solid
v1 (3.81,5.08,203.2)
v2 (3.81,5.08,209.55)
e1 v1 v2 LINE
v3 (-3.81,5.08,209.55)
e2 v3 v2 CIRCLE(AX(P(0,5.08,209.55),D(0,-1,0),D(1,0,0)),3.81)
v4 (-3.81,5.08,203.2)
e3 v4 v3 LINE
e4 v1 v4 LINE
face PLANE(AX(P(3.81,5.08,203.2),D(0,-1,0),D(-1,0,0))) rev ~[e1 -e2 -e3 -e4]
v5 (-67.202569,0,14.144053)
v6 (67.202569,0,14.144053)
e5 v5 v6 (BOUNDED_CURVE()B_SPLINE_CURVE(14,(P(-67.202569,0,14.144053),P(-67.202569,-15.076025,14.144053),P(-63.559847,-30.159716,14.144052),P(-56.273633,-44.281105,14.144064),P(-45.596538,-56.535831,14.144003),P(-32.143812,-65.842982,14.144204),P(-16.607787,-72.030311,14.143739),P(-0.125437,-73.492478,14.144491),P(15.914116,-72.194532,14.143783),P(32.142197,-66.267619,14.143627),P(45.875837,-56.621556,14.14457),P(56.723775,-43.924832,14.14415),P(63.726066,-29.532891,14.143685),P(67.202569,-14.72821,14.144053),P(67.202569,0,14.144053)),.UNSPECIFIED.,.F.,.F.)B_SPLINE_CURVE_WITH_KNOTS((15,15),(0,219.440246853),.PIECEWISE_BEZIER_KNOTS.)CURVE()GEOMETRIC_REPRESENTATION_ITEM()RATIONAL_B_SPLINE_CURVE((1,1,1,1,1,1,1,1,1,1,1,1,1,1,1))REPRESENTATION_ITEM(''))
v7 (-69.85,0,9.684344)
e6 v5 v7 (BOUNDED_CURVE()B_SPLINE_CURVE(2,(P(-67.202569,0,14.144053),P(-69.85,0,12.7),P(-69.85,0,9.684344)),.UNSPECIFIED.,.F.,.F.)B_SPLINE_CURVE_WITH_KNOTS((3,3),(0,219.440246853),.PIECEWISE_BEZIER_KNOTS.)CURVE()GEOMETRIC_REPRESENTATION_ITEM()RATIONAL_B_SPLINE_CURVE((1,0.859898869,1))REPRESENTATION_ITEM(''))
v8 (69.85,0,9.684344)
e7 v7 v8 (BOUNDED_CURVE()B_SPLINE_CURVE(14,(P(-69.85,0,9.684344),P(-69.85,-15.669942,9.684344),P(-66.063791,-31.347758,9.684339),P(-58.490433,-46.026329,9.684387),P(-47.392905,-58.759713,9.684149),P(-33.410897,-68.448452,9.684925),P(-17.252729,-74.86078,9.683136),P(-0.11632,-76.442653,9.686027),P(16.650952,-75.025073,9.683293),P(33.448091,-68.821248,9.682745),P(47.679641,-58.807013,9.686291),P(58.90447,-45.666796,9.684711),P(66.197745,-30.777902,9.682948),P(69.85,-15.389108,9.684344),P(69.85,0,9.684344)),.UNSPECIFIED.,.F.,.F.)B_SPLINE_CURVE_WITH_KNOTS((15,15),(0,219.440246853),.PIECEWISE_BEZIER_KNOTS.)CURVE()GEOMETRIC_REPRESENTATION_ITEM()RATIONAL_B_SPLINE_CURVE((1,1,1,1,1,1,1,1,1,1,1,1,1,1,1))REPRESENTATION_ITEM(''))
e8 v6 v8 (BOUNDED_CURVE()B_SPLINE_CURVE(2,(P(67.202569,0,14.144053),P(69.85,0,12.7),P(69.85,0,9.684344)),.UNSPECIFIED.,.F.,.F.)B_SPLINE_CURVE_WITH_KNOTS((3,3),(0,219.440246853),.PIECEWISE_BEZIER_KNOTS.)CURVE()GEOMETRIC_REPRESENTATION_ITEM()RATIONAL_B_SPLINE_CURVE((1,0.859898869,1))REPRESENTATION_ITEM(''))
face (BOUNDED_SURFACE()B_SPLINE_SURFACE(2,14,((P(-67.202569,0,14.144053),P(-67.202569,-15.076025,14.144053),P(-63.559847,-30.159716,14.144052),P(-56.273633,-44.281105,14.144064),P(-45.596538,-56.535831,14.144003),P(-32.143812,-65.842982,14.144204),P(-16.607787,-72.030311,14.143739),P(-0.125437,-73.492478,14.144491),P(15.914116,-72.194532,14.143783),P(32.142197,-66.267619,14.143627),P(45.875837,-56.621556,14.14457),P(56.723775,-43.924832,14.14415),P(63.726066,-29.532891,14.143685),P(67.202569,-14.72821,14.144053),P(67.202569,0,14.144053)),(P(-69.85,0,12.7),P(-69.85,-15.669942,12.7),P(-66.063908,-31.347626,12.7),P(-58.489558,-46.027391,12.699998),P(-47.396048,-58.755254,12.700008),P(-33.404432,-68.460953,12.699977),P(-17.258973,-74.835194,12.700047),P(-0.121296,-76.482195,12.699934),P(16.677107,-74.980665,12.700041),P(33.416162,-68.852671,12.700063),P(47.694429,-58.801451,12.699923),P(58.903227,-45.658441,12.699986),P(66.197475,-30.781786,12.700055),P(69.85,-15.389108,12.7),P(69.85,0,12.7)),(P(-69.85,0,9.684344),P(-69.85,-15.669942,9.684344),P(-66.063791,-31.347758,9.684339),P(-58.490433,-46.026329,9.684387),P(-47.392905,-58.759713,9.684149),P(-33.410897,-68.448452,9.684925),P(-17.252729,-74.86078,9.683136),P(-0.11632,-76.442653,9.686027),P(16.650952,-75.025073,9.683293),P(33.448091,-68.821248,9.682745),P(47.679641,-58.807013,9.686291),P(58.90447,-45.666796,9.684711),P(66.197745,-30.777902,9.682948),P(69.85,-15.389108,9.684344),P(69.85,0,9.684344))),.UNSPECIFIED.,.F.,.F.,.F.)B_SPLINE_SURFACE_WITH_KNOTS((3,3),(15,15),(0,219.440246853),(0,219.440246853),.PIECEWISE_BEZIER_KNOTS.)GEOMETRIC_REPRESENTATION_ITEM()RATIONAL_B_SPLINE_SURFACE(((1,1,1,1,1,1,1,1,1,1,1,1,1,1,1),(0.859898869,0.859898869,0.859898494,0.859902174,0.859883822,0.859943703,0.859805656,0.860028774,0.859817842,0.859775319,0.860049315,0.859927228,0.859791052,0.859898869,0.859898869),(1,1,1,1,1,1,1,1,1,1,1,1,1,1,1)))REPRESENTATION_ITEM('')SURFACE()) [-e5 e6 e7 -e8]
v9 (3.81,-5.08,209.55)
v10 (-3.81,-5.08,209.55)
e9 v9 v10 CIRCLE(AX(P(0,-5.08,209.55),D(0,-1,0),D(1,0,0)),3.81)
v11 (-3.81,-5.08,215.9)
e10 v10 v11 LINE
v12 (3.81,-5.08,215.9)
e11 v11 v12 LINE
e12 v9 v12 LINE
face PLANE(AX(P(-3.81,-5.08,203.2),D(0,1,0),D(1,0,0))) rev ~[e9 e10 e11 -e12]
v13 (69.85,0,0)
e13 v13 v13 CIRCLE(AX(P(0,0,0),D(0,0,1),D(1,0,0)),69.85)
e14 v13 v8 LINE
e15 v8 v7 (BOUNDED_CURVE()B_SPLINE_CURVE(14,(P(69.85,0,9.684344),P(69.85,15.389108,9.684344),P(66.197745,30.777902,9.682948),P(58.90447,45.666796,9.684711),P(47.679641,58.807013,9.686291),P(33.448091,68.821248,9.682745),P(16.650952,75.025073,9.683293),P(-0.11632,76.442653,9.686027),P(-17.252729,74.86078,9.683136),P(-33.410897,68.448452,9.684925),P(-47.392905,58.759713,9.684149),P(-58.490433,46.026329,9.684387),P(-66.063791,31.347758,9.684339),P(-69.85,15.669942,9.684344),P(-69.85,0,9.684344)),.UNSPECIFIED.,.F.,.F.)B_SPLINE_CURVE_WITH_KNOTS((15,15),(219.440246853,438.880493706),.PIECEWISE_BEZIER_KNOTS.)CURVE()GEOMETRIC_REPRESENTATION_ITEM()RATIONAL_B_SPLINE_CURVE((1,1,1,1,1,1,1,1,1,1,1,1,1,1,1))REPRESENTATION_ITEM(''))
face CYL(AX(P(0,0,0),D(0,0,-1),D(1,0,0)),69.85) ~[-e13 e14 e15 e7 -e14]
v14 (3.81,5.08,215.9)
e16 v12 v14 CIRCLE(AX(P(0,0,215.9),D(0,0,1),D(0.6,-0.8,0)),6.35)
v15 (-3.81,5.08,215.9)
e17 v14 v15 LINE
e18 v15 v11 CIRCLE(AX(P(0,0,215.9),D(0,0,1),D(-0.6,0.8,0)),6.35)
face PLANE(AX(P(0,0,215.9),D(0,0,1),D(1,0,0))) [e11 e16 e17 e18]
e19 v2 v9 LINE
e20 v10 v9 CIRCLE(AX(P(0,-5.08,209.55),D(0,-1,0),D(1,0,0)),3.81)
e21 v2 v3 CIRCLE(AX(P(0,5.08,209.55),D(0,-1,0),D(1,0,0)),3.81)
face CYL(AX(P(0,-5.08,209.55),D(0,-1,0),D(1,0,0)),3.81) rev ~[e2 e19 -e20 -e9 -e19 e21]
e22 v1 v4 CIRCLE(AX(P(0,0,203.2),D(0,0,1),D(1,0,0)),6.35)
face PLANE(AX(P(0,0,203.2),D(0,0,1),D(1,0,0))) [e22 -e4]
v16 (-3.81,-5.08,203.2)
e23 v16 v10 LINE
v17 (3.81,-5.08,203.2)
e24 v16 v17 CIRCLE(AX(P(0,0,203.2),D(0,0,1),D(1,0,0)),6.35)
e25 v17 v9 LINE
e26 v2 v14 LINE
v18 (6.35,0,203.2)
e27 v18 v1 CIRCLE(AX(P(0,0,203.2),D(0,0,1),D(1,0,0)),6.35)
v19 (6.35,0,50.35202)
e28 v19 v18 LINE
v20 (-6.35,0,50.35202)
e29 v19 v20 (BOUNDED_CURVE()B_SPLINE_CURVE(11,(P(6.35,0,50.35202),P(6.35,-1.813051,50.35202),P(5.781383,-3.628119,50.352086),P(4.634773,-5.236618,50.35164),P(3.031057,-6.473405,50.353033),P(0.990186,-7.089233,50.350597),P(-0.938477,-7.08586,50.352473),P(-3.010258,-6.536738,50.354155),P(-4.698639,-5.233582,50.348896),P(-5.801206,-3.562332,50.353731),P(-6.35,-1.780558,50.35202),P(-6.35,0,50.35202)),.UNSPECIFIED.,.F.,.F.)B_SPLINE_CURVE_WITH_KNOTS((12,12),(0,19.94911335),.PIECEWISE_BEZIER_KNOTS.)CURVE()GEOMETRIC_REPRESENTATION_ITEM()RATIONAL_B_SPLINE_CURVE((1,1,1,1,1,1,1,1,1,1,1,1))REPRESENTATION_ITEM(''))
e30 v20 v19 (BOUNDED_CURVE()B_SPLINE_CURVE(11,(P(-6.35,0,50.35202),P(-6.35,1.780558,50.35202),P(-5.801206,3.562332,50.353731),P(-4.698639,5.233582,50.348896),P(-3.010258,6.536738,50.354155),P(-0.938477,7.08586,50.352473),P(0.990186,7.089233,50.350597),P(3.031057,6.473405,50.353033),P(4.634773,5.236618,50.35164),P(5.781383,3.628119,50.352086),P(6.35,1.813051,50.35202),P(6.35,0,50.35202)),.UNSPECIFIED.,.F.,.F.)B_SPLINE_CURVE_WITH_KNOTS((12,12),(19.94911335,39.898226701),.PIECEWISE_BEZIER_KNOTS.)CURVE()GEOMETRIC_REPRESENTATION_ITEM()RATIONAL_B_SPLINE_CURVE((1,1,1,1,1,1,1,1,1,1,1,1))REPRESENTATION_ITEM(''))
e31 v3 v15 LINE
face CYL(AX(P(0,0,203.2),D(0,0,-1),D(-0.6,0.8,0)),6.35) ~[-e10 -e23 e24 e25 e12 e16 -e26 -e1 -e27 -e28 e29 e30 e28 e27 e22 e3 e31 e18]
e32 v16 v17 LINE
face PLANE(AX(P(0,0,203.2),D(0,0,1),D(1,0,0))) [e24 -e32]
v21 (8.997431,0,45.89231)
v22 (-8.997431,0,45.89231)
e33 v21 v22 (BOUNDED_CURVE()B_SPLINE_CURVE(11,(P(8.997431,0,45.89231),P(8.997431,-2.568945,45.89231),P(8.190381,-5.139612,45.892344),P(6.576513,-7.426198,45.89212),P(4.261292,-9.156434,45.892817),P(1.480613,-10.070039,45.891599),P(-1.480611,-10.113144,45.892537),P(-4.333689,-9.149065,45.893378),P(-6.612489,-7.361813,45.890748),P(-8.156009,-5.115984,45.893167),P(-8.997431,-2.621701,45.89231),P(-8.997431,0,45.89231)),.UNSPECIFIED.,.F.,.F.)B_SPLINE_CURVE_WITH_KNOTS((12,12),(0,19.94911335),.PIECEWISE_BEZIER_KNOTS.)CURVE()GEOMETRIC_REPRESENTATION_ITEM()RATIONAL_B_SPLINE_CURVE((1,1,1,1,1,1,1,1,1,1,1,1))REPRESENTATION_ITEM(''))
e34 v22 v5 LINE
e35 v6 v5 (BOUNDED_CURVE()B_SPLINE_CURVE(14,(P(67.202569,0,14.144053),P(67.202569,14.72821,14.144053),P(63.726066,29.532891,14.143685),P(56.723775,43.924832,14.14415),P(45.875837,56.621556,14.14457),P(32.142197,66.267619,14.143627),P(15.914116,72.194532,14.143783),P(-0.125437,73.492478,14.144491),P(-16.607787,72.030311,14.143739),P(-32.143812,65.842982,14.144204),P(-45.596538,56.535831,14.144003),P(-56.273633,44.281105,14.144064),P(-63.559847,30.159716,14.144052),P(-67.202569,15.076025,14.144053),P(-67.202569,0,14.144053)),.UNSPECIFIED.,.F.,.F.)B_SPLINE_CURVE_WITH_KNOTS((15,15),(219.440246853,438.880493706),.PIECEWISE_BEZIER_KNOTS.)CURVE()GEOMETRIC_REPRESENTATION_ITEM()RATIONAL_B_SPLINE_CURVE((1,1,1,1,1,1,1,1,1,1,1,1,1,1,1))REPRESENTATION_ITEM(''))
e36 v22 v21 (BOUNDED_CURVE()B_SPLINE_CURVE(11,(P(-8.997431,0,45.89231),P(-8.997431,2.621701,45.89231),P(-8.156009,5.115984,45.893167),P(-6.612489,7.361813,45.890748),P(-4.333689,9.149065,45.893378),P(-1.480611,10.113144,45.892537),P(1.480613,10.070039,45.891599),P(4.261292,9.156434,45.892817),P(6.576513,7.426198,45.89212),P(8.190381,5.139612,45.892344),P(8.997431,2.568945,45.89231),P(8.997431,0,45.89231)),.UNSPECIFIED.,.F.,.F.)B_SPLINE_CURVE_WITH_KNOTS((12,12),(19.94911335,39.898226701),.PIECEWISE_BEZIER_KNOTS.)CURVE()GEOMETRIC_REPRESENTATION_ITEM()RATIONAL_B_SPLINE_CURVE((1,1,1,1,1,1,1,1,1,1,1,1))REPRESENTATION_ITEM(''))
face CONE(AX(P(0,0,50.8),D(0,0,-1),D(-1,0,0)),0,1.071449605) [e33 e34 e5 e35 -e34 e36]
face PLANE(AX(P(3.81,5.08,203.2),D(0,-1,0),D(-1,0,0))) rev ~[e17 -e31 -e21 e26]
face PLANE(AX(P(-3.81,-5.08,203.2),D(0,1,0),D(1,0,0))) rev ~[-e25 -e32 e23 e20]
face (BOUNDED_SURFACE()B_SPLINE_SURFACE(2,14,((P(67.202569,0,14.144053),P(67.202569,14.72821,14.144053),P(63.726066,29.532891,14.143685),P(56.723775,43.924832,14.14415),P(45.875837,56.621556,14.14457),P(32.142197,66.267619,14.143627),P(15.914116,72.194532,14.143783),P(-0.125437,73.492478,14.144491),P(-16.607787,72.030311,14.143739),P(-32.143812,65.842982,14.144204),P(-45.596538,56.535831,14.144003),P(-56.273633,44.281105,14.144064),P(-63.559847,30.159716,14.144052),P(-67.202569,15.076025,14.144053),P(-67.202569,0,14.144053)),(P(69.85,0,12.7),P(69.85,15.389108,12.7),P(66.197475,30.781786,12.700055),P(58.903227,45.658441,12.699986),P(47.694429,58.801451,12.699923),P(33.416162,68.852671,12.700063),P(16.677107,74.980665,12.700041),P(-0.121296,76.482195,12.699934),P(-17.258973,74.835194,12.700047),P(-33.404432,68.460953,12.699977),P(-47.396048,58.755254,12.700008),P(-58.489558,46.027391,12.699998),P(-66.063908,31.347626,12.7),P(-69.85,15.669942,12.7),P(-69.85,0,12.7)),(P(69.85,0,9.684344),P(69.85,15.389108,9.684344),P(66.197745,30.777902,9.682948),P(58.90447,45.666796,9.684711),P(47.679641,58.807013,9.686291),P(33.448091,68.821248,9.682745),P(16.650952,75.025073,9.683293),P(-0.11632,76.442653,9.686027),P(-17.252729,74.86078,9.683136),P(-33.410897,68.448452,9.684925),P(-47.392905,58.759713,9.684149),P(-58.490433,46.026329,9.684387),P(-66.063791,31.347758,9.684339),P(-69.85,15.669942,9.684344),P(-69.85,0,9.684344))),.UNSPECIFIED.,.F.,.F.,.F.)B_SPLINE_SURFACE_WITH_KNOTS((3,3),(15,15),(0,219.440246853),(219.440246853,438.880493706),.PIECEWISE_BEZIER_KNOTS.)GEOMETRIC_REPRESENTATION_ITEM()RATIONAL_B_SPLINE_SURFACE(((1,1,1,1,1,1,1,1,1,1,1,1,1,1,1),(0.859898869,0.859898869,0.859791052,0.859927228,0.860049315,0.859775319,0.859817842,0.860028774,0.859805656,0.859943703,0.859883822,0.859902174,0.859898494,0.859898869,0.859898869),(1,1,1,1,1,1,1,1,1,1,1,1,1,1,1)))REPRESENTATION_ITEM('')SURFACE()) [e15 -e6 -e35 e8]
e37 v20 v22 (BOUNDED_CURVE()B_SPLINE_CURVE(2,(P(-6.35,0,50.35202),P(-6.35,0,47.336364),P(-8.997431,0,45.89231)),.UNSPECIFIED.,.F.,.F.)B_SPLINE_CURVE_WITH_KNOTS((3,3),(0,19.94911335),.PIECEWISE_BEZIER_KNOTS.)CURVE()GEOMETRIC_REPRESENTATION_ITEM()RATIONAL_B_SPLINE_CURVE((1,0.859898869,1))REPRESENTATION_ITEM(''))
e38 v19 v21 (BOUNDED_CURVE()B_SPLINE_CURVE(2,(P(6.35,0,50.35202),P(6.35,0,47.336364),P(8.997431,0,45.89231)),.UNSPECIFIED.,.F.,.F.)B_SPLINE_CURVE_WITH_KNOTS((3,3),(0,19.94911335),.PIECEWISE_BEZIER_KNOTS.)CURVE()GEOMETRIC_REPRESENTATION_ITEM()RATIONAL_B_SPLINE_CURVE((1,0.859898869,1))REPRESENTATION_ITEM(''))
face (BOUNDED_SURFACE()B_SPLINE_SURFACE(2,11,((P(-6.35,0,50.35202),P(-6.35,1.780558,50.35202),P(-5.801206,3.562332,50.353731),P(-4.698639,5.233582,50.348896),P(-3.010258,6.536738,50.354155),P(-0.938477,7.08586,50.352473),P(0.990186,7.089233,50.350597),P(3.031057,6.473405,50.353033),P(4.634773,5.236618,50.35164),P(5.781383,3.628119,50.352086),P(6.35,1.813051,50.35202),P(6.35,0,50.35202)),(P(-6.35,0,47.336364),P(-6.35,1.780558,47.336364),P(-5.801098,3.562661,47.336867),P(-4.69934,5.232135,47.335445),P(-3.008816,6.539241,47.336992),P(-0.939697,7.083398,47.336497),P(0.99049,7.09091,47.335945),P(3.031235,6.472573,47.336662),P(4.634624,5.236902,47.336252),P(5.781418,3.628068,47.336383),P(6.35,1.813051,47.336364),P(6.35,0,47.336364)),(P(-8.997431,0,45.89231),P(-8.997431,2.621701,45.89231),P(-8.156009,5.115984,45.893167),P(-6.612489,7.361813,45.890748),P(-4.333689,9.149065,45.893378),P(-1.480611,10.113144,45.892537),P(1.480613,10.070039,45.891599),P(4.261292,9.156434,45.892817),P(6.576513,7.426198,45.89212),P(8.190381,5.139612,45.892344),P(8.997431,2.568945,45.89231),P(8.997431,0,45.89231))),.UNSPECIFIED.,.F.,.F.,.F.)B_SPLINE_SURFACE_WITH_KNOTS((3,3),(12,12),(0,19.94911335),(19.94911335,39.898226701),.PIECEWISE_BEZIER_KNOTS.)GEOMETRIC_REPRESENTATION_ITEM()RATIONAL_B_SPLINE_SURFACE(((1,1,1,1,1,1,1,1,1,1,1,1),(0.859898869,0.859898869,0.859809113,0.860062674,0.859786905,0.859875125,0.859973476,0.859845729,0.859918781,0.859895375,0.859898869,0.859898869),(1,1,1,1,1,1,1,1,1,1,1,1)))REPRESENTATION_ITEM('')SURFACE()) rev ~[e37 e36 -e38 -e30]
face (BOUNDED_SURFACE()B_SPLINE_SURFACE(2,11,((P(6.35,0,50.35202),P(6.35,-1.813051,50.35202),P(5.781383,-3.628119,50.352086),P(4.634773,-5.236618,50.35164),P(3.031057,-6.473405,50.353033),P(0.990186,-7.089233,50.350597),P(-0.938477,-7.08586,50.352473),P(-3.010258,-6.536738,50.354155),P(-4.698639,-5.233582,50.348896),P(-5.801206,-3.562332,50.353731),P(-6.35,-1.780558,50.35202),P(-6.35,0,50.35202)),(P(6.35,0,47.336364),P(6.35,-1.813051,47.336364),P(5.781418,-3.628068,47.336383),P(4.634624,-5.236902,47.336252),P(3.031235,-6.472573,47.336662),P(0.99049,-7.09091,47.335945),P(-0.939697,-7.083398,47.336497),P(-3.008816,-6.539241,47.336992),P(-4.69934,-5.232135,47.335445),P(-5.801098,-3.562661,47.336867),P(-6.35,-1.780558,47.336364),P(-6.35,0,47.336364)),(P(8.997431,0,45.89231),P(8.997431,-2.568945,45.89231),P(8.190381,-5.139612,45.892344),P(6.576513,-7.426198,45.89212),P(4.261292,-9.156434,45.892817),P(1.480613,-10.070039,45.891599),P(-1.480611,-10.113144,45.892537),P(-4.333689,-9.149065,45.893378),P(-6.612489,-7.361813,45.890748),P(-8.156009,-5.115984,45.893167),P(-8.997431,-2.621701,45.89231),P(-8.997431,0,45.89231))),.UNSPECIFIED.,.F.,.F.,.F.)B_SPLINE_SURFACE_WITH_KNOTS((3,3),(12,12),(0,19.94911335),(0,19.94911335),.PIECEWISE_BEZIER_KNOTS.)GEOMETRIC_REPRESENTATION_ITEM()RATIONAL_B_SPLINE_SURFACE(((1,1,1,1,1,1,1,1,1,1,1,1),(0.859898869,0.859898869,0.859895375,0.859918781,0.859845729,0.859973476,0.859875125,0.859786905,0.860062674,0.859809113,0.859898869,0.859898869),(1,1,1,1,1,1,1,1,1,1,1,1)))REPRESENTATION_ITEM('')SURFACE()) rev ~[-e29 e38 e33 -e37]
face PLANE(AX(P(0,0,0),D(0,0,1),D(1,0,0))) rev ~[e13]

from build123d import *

# Parameters (mm, degrees)
F0_R      = 69.85
F1_DEPTH  = 12.7
F4_R      = 5.08
F5_R      = 6.35
F6_DEPTH  = 203.2
F8_DEPTH  = 12.7
F9_R      = 3.81
F10_DEPTH = 12.7
F11_R     = 5.08


with BuildPart() as f1:
    # F0 (on Top) → F1 (new body)
    with BuildSketch(Plane.XY):
        Circle(F0_R)
    extrude(amount=F1_DEPTH)

    # F2 (on Front) → F3 (revolve)
    with BuildSketch(Plane.XZ):
        Polygon((0, 50.8), (-69.85, 12.7), (0, 12.7), align=None)
    revolve(axis=Axis((0, 0, 31.75), (0, 0, -1)))

    # F4
    f4_edges = [f1.edges().sort_by_distance(p)[0] for p in [
        (0, -69.85, 12.7),
        (0, 69.85, 12.7),
    ]]
    fillet(f4_edges, radius=F4_R)

    # F5 (on Top) → F6 (join)
    with BuildSketch(Plane.XY):
        Circle(F5_R)
    extrude(amount=F6_DEPTH)

    # F7 (on face) → F8 (join)
    with BuildSketch(Plane.XY.offset(203.2)):
        with BuildLine():
            ThreePointArc((-3.81, 5.08), (-6.35, 0), (-3.81, -5.08))
            Line((-3.81, -5.08), (3.81, -5.08))
            ThreePointArc((3.81, -5.08), (6.35, 0), (3.81, 5.08))
            Line((3.81, 5.08), (-3.81, 5.08))
        make_face()
    extrude(amount=F8_DEPTH)

    # F9 (on face) → F10 (cut, symmetric)
    with BuildSketch(Plane.XZ.offset(5.08)):
        with Locations((0, 209.55)):
            Circle(F9_R)
    extrude(amount=F10_DEPTH, both=True, mode=Mode.SUBTRACT)

    # F11
    f11_edges = [f1.edges().sort_by_distance(p)[0] for p in [
        (0, -6.35, 47.336364),
        (0, 6.35, 47.336364),
        (-36.776284, 0, 30.740209),
        (3.3e-05, 67.202608, 14.144033),
        (3.3e-05, -67.202608, 14.144033),
    ]]
    fillet(f11_edges, radius=F11_R)


solid = f1.part
